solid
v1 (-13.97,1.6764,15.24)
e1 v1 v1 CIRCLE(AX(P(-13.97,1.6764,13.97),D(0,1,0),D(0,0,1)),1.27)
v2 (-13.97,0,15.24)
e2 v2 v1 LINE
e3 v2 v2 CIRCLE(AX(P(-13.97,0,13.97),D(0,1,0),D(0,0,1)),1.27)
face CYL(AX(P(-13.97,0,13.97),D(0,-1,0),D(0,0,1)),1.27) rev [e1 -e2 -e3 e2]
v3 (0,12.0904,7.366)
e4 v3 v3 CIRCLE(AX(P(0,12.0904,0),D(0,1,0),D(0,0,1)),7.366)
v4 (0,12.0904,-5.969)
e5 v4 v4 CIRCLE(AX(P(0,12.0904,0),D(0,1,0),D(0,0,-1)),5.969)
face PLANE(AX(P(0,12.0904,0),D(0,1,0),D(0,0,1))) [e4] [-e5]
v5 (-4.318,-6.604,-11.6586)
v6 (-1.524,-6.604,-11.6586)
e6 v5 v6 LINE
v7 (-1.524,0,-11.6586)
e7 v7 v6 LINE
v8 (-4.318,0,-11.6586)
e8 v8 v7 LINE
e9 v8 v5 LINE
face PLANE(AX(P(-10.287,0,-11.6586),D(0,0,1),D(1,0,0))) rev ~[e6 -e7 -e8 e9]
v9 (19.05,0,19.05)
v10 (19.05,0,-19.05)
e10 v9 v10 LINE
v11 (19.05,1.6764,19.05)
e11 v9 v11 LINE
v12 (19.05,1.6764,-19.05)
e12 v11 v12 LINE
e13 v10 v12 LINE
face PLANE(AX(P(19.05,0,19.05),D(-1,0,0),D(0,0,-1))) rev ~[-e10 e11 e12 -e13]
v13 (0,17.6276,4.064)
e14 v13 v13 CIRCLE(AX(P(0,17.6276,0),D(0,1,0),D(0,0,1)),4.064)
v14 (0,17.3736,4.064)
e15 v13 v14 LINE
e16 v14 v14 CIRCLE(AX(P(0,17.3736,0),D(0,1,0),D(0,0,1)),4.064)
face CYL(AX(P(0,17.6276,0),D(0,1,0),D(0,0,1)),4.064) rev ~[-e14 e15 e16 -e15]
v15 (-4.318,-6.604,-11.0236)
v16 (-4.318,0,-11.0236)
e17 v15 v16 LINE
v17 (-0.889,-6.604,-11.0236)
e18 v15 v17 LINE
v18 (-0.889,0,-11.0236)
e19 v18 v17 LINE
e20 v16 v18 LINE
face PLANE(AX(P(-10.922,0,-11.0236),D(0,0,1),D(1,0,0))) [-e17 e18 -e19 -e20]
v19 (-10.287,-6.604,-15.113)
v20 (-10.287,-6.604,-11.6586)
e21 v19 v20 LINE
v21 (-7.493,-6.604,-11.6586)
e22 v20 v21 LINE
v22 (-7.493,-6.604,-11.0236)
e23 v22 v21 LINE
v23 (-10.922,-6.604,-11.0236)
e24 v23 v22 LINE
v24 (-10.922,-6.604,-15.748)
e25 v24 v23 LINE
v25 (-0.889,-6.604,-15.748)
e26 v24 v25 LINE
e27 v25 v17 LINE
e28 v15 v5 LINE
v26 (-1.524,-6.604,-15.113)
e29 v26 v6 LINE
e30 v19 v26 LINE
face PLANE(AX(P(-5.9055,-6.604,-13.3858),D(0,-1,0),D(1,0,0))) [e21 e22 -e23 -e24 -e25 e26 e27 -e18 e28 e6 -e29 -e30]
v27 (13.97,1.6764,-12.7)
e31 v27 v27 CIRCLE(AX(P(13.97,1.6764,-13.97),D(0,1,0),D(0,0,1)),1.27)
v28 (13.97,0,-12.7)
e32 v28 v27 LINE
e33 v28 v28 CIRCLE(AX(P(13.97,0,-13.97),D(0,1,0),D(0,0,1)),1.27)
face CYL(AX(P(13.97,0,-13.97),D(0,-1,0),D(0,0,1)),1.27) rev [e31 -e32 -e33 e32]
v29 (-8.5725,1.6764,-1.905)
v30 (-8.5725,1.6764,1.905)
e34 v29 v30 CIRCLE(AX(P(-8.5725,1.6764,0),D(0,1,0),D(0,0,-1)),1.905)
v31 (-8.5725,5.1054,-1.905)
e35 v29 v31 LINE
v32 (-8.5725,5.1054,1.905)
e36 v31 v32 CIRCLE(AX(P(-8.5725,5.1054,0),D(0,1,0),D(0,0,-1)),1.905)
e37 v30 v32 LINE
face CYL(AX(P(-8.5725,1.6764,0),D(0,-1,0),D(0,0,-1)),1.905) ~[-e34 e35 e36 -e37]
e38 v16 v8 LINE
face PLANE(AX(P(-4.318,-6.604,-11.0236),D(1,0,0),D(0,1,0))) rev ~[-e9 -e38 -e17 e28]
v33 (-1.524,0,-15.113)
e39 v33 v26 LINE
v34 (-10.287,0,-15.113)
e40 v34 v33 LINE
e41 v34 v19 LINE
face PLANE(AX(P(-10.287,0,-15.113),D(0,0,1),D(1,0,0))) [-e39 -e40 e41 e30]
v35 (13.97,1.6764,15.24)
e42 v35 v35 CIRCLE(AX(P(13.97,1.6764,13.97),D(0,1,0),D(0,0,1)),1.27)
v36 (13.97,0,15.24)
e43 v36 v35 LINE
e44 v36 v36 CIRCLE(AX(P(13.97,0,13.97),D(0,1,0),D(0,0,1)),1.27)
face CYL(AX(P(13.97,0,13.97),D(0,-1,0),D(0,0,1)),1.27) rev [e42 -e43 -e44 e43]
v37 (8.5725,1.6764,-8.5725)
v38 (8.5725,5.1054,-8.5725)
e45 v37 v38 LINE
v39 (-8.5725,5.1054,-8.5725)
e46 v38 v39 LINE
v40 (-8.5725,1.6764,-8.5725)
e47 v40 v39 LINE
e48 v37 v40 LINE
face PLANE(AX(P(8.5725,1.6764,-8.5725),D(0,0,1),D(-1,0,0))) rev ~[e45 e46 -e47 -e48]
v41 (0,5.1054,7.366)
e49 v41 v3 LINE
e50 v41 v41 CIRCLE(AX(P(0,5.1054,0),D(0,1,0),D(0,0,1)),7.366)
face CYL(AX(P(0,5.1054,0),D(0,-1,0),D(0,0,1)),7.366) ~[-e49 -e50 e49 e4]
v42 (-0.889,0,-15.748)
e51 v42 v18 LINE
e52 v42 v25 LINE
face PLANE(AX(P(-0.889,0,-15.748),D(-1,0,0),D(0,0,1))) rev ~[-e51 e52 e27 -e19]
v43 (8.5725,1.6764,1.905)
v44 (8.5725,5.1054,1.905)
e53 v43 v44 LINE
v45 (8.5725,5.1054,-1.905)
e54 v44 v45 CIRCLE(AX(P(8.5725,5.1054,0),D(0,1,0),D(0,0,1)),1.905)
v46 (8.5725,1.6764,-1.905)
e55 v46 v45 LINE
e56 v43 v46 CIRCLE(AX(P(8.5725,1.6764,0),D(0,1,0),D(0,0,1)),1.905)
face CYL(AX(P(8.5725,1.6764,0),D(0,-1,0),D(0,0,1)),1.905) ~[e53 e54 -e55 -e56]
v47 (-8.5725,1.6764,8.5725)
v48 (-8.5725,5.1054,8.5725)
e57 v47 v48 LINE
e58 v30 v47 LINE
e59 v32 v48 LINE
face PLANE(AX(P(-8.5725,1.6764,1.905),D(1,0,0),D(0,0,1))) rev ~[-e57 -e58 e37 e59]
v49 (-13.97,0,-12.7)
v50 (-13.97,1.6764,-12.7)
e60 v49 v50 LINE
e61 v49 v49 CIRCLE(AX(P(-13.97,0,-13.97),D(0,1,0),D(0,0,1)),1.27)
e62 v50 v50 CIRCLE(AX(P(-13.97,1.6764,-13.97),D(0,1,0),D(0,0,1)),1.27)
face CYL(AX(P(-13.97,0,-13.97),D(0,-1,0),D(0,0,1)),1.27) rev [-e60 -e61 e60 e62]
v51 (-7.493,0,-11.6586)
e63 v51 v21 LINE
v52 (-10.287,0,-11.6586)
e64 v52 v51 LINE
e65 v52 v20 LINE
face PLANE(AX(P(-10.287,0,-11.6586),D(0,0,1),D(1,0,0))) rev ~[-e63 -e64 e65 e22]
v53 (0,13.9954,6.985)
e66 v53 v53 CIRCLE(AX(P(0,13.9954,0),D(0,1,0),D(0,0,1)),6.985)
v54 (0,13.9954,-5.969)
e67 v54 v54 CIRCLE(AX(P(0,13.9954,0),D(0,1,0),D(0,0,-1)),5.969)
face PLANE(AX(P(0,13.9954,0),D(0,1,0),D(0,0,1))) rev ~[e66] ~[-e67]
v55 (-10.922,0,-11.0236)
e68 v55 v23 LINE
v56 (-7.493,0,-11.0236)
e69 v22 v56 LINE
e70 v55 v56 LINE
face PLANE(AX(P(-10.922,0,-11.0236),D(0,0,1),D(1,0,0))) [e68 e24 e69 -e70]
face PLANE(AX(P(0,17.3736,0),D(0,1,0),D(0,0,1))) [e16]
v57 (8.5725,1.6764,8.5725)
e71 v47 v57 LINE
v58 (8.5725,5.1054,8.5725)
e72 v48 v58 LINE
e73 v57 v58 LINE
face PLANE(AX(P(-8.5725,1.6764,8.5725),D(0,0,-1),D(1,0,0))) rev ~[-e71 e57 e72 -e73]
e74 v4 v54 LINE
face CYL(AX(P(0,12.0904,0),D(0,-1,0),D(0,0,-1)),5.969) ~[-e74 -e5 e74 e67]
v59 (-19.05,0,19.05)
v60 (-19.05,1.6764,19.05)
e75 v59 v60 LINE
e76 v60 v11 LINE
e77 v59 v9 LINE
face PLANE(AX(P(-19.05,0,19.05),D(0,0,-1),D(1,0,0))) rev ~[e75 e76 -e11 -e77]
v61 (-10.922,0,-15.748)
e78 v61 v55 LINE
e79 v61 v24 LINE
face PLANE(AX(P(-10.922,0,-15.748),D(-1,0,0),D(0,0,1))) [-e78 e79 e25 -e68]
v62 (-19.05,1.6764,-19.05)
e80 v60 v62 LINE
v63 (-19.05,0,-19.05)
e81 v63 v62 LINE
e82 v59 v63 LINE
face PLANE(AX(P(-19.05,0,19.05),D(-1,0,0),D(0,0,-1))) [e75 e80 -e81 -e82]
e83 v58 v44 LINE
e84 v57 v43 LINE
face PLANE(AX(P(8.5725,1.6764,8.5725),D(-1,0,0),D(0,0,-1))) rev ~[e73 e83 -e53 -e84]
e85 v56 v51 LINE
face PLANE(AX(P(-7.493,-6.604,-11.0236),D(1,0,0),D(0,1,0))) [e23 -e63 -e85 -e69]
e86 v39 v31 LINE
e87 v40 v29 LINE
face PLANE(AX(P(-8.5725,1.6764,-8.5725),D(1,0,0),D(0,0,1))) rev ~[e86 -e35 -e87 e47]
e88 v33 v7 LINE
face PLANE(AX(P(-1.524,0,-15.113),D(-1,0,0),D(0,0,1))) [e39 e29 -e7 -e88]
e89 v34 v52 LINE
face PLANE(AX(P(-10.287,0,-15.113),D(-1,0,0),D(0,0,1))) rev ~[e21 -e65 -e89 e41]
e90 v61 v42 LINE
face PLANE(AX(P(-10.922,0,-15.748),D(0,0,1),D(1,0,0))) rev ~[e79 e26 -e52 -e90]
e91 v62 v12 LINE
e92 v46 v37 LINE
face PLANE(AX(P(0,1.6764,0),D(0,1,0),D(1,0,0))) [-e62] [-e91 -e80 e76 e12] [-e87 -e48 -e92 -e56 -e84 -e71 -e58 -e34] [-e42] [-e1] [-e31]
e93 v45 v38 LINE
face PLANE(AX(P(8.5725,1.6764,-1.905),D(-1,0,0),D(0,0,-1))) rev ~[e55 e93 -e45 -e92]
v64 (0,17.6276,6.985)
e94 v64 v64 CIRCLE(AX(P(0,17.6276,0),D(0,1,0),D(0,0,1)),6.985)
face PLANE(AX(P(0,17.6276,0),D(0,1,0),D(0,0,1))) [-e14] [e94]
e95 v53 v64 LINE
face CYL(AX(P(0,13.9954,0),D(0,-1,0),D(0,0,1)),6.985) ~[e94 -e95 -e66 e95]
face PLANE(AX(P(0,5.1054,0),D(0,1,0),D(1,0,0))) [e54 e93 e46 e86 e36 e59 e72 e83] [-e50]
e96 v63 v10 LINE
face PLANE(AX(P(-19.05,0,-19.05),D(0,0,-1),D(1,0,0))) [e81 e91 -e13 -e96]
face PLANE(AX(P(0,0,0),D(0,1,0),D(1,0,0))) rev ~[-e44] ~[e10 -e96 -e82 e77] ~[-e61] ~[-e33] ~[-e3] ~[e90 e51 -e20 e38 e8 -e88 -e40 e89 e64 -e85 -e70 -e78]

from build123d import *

# Parameters (mm, degrees)
SKETCH1_W           = 38.1
SKETCH1_H           = 38.1
SKETCH1_R           = 1.27
BOSS_EXTRUDE1_DEPTH = 1.6764
BOSS_EXTRUDE2_DEPTH = 3.429
SKETCH3_R           = 7.366
BOSS_EXTRUDE3_DEPTH = 6.985
SKETCH4_R           = 5.969
BOSS_EXTRUDE4_DEPTH = 1.905
SKETCH5_R           = 6.985
BOSS_EXTRUDE5_DEPTH = 3.6322
SKETCH6_R           = 4.064
CUT_EXTRUDE1_DEPTH  = 0.254
SKETCH7_W           = 10.033
SKETCH7_H           = 4.7244
SKETCH7_W_2         = 8.763
SKETCH7_H_2         = 3.4544
BOSS_EXTRUDE6_DEPTH = 6.604
CUT_EXTRUDE2_REACH  = 41.725
SKETCH9_W           = 3.175
SKETCH9_H           = 6.604


with BuildPart() as part:
    # Sketch1 → Boss-Extrude1 (new body)
    with BuildSketch(Plane(origin=(0, 0, 0), x_dir=(1, 0, 0), z_dir=(0, 1, 0))):
        Rectangle(SKETCH1_W, SKETCH1_H)
        with Locations(Location((-13.97, 13.97, 0), (0, 0, 270))):
            Circle(SKETCH1_R, mode=Mode.SUBTRACT)
        with Locations(Location((-13.97, -13.97, 0), (0, 0, 270))):
            Circle(SKETCH1_R, mode=Mode.SUBTRACT)
        with Locations(Location((13.97, -13.97, 0), (0, 0, 270))):
            Circle(SKETCH1_R, mode=Mode.SUBTRACT)
        with Locations(Location((13.97, 13.97, 0), (0, 0, 270))):
            Circle(SKETCH1_R, mode=Mode.SUBTRACT)
    extrude(amount=BOSS_EXTRUDE1_DEPTH)

    # Sketch2 → Boss-Extrude2 (add)
    with BuildSketch(Plane(origin=(0, 1.6764, 0), x_dir=(1, 0, 0), z_dir=(0, 1, 0))):
        with BuildLine():
            Line((-8.5725, -1.905), (-8.5725, -8.5725))
            Line((-8.5725, -8.5725), (8.5725, -8.5725))
            Line((8.5725, -8.5725), (8.5725, -1.905))
            ThreePointArc((8.5725, -1.905), (10.4775, 0), (8.5725, 1.905))
            Line((8.5725, 1.905), (8.5725, 8.5725))
            Line((8.5725, 8.5725), (-8.5725, 8.5725))
            Line((-8.5725, 8.5725), (-8.5725, 1.905))
            ThreePointArc((-8.5725, 1.905), (-10.4775, 0), (-8.5725, -1.905))
        make_face()
    extrude(amount=BOSS_EXTRUDE2_DEPTH)

    # Sketch3 → Boss-Extrude3 (add)
    with BuildSketch(Plane(origin=(0, 5.1054, 0), x_dir=(1, 0, 0), z_dir=(0, 1, 0))):
        with Locations(Location((0, 0, 0), (0, 0, 270))):
            Circle(SKETCH3_R)
    extrude(amount=BOSS_EXTRUDE3_DEPTH)

    # Sketch4 → Boss-Extrude4 (add)
    with BuildSketch(Plane(origin=(0, 12.0904, 0), x_dir=(1, 0, 0), z_dir=(0, 1, 0))):
        with Locations(Location((0, 0, 0), (0, 0, 90))):
            Circle(SKETCH4_R)
    extrude(amount=BOSS_EXTRUDE4_DEPTH)

    # Sketch5 → Boss-Extrude5 (add)
    with BuildSketch(Plane(origin=(0, 13.9954, 0), x_dir=(1, 0, 0), z_dir=(0, 1, 0))):
        with Locations(Location((0, 0, 0), (0, 0, 270))):
            Circle(SKETCH5_R)
    extrude(amount=BOSS_EXTRUDE5_DEPTH)

    # Sketch6 → Cut-Extrude1 (cut)
    with BuildSketch(Plane(origin=(0, 17.6276, 0), x_dir=(1, 0, 0), z_dir=(0, 1, 0))):
        with Locations(Location((0, 0, 0), (0, 0, 270))):
            Circle(SKETCH6_R)
    extrude(amount=-CUT_EXTRUDE1_DEPTH, mode=Mode.SUBTRACT)

    # Sketch7 → Boss-Extrude6 (add)
    with BuildSketch(Plane.XZ):
        with Locations((-5.9055, -13.3858)):
            Rectangle(SKETCH7_W, SKETCH7_H)
        with Locations((-5.9055, -13.3858)):
            Rectangle(SKETCH7_W_2, SKETCH7_H_2, mode=Mode.SUBTRACT)
    extrude(amount=BOSS_EXTRUDE6_DEPTH)

    # Sketch9 → Cut-Extrude2 (cut, up to next)
    with BuildSketch(Plane.XY.offset(-11.0236), mode=Mode.PRIVATE) as cut_extrude2_sk1:
        with Locations((-5.9055, -3.302)):
            Rectangle(SKETCH9_W, SKETCH9_H)
    cut_extrude2_tool1 = extrude(cut_extrude2_sk1.sketch, amount=-CUT_EXTRUDE2_REACH, mode=Mode.PRIVATE) & part.part
    add(cut_extrude2_tool1.solids().sort_by_distance((-5.9055, -3.302, -11.0236))[0], mode=Mode.SUBTRACT)


solid = part.part
